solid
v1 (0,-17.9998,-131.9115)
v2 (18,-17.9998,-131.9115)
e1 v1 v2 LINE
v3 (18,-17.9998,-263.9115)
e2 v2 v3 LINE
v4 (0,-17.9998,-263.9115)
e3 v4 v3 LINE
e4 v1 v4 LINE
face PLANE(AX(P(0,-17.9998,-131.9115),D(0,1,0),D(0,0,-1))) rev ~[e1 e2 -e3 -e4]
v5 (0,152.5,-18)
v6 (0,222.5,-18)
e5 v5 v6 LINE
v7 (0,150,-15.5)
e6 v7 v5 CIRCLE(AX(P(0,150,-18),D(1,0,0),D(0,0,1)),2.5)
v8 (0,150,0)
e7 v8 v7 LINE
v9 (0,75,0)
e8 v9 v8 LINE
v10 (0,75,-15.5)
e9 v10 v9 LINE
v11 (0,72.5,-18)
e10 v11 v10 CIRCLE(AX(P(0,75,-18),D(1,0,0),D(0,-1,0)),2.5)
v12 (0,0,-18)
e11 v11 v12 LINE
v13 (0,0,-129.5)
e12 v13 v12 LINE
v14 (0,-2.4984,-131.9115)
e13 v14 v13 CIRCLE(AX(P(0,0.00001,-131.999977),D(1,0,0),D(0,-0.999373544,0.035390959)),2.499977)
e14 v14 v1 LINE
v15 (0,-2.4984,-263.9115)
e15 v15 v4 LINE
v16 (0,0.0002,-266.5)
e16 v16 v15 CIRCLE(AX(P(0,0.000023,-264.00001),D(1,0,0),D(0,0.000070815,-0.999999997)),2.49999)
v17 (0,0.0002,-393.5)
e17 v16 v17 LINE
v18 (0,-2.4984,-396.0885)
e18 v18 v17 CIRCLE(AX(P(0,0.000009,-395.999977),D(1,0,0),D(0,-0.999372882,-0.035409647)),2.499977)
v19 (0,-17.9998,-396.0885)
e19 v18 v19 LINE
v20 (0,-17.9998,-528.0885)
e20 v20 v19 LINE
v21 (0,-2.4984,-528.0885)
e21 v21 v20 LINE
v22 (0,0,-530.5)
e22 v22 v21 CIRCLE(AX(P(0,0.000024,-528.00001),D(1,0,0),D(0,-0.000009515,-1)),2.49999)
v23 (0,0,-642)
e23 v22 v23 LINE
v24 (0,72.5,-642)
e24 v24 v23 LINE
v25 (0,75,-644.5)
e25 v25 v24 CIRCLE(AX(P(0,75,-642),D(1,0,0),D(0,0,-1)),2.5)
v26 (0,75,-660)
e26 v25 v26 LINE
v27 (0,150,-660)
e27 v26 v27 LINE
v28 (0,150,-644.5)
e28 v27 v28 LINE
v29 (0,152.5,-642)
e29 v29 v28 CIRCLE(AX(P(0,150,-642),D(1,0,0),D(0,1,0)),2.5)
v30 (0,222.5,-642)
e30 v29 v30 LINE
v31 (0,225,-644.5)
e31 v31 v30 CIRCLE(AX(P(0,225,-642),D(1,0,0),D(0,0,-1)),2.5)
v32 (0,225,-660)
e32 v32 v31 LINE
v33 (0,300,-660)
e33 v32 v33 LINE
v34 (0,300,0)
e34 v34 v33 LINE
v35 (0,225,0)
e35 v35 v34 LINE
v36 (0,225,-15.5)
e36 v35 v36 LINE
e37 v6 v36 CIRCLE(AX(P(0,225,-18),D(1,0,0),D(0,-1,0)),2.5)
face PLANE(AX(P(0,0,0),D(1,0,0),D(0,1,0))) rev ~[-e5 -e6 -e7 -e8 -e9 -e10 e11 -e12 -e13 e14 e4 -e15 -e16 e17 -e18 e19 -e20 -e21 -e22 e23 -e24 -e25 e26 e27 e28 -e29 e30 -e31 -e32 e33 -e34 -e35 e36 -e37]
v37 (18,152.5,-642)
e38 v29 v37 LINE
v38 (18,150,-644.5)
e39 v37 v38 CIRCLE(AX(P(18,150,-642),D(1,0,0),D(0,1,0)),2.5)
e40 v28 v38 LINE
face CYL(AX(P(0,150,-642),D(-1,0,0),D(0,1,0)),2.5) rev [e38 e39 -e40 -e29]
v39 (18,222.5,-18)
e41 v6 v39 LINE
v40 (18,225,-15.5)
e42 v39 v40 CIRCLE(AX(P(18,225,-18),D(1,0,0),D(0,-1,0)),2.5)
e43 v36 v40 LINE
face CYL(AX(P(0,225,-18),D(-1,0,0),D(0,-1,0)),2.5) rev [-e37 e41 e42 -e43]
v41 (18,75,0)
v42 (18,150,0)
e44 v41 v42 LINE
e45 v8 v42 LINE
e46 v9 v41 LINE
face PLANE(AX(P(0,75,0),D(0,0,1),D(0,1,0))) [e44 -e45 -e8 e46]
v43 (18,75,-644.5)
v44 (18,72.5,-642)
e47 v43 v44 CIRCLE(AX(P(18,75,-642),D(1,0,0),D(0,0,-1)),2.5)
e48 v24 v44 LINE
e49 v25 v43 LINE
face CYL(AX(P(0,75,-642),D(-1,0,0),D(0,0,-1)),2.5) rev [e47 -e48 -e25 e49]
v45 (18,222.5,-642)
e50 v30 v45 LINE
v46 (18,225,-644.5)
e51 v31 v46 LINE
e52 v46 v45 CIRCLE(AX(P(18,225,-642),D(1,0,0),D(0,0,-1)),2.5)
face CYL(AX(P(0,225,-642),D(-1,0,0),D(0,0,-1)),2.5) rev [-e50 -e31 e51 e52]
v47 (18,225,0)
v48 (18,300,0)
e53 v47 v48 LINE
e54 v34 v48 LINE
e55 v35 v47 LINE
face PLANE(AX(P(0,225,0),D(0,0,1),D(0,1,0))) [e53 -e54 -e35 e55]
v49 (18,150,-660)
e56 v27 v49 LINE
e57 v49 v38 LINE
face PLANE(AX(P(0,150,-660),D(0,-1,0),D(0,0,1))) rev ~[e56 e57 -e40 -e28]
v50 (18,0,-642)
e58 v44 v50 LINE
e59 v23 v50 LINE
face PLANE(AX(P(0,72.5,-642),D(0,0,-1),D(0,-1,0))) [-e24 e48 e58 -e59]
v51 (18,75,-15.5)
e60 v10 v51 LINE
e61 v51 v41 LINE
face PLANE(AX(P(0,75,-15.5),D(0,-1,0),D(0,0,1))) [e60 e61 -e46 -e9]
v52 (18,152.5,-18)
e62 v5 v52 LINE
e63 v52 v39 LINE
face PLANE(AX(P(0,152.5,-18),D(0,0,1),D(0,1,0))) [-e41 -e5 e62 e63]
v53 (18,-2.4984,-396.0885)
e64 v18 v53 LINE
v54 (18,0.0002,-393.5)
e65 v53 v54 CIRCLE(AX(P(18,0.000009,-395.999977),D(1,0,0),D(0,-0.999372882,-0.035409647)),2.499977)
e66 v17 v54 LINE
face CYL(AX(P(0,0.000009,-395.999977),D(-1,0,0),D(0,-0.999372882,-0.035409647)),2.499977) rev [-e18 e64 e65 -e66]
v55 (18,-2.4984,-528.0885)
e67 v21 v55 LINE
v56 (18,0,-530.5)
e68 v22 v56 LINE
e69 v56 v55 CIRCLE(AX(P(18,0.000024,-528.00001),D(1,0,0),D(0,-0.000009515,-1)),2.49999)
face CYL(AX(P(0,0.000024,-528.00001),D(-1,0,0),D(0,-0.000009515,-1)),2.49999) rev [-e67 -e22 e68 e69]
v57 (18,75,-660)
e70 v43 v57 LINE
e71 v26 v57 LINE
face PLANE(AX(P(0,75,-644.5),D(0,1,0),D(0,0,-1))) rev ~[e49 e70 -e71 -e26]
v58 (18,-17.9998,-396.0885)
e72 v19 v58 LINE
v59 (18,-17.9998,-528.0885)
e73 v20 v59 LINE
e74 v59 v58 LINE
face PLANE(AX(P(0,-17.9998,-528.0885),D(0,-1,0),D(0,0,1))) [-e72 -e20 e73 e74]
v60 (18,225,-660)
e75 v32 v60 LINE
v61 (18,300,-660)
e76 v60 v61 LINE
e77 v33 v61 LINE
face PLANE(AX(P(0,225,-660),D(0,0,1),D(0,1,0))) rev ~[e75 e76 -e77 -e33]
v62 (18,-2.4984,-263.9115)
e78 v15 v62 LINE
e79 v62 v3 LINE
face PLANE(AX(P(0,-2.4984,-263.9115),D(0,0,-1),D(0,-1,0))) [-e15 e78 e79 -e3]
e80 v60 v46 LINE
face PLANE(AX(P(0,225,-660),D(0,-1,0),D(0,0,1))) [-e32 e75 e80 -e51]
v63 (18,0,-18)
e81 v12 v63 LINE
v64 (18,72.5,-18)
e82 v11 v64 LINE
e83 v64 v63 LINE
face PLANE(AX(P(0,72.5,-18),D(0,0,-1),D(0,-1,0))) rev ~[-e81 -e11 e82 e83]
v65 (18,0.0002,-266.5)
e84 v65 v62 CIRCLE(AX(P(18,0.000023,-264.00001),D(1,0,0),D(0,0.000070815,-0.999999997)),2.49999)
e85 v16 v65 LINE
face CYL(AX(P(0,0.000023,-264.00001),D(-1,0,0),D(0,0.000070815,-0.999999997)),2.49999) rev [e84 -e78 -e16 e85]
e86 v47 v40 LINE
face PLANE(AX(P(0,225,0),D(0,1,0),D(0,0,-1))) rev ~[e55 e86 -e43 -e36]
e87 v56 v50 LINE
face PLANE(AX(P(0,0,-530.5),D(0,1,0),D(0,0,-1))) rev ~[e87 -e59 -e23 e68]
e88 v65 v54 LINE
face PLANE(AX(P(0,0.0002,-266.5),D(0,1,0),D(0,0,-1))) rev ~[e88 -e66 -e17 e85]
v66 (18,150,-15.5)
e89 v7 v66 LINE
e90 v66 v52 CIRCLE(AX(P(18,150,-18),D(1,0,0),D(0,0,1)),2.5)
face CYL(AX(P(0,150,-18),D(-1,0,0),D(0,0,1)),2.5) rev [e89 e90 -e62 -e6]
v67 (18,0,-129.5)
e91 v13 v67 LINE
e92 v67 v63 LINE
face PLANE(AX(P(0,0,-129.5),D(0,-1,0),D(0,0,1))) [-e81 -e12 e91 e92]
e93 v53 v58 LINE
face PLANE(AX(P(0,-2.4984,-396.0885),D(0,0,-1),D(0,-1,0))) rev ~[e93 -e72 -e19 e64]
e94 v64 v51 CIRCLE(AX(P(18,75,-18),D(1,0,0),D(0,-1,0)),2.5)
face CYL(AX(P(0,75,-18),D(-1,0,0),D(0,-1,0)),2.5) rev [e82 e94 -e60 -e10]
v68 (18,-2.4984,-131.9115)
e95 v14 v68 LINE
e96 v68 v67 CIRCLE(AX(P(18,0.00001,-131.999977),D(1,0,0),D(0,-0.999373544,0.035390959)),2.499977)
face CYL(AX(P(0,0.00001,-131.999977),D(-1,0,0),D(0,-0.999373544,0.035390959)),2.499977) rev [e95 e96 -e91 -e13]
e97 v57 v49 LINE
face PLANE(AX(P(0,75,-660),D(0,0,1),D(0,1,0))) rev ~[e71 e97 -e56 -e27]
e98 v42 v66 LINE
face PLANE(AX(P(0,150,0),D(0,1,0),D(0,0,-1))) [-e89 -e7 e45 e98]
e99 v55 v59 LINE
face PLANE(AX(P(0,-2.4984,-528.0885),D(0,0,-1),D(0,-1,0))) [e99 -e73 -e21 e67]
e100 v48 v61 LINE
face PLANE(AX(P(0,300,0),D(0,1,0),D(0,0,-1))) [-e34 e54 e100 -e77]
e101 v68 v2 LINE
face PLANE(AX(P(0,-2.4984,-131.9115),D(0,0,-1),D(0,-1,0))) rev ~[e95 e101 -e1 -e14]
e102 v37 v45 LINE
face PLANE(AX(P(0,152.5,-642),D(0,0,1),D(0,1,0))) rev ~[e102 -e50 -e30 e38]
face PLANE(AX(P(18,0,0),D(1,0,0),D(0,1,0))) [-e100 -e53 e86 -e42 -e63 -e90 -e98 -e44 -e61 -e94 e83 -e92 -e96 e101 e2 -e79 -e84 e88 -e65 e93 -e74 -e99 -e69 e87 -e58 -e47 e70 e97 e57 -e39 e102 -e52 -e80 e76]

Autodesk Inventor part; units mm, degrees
ref_plane "YZ Plane" through (0, 0, 0) normal (1, 0, 0) x (0, 1, 0)
ref_plane "XZ Plane" through (0, 0, 0) normal (0, 1, 0) x (-1, 0, 0)
ref_plane "XY Plane" through (0, 0, 0) normal (0, 0, 1) x (1, 0, 0)
sketch "Sketch1" plane through (0, 0, 0) normal (1, 0, 0) x (0, 1, 0)
  line L0 (75, 0) -> (150, 0)
  line L1 (-2.4984, -131.9115) -> (-17.9998, -131.9115)
  line L2 (-2.4984, -263.9115) -> (-17.9998, -263.9115)
  line L3 (-17.9998, -131.9115) -> (-17.9998, -263.9115)
  line L4 (0, -129.5) -> (0, -18)
  line L5 (75, -15.5) -> (75, 0)
  line L6 (152.5, -18) -> (222.5, -18)
  line L7 (225, 0) -> (300, 0)
  arc A0 (222.5, -18) -> (225, -15.5) centre (225, -18) ccw
  arc A1 (150, -15.5) -> (152.5, -18) centre (150, -18) ccw
  arc A2 (72.5, -18) -> (75, -15.5) centre (75, -18) ccw
  line L8 (150, 0) -> (150, -15.5)
  line L9 (72.5, -18) -> (0, -18)
  line L10 (225, 0) -> (225, -15.5)
  arc A3 (-2.4984, -131.9115) -> (0, -129.5) centre (0, -132) ccw
  arc A4 (0.0002, -266.5) -> (-2.4984, -263.9115) centre (0, -264) ccw
  arc A5 (0, -530.5) -> (-2.4984, -528.0885) centre (0, -528) ccw
  line L11 (0, -530.5) -> (0, -642)
  line L12 (75, -660) -> (150, -660)
  arc A6 (-2.4984, -396.0885) -> (0.0002, -393.5) centre (0, -396) ccw
  line L13 (-17.9998, -528.0885) -> (-17.9998, -396.0885)
  line L14 (-2.4984, -528.0885) -> (-17.9998, -528.0885)
  arc A7 (75, -644.5) -> (72.5, -642) centre (75, -642) ccw
  line L15 (75, -644.5) -> (75, -660)
  arc A8 (152.5, -642) -> (150, -644.5) centre (150, -642) ccw
  line L16 (150, -660) -> (150, -644.5)
  line L17 (152.5, -642) -> (222.5, -642)
  arc A9 (225, -644.5) -> (222.5, -642) centre (225, -642) ccw
  line L18 (225, -660) -> (225, -644.5)
  line L19 (225, -660) -> (300, -660)
  line L20 (-2.4984, -396.0885) -> (-17.9998, -396.0885)
  line L21 (72.5, -642) -> (0, -642)
  line L22 (300, 0) -> (300, -660)
  line L23 (0.0002, -266.5) -> (0.0002, -393.5)
  point P0 (0, 0)
  point P1 (0, 0)
  point P2 (0, -660)
  dimension "d0" = 132
  dimension "d1" = 5
  dimension "d2" = 5
  dimension "d3" = 5
  dimension "d4" = 18
  dimension "d5" = 18
  dimension "d6" = 18
  dimension "d7" = 18
  dimension "d8" = 18
  dimension "d9" = 5
  dimension "d10" = 5
  dimension "d11" = 18
  dimension "d12" = 18
  dimension "d13" = 132
  dimension "d14" = 75
  dimension "d15" = 75
  dimension "d16" = 75
  dimension "d17" = 18
  dimension "d18" = 18
  dimension "d19" = 18
  dimension "d20" = 17.9998
  dimension "d21" = 660
extrude "Extrusion1" add sketch "Sketch1" along normal blind 18
properties part number "cajon front grande"
